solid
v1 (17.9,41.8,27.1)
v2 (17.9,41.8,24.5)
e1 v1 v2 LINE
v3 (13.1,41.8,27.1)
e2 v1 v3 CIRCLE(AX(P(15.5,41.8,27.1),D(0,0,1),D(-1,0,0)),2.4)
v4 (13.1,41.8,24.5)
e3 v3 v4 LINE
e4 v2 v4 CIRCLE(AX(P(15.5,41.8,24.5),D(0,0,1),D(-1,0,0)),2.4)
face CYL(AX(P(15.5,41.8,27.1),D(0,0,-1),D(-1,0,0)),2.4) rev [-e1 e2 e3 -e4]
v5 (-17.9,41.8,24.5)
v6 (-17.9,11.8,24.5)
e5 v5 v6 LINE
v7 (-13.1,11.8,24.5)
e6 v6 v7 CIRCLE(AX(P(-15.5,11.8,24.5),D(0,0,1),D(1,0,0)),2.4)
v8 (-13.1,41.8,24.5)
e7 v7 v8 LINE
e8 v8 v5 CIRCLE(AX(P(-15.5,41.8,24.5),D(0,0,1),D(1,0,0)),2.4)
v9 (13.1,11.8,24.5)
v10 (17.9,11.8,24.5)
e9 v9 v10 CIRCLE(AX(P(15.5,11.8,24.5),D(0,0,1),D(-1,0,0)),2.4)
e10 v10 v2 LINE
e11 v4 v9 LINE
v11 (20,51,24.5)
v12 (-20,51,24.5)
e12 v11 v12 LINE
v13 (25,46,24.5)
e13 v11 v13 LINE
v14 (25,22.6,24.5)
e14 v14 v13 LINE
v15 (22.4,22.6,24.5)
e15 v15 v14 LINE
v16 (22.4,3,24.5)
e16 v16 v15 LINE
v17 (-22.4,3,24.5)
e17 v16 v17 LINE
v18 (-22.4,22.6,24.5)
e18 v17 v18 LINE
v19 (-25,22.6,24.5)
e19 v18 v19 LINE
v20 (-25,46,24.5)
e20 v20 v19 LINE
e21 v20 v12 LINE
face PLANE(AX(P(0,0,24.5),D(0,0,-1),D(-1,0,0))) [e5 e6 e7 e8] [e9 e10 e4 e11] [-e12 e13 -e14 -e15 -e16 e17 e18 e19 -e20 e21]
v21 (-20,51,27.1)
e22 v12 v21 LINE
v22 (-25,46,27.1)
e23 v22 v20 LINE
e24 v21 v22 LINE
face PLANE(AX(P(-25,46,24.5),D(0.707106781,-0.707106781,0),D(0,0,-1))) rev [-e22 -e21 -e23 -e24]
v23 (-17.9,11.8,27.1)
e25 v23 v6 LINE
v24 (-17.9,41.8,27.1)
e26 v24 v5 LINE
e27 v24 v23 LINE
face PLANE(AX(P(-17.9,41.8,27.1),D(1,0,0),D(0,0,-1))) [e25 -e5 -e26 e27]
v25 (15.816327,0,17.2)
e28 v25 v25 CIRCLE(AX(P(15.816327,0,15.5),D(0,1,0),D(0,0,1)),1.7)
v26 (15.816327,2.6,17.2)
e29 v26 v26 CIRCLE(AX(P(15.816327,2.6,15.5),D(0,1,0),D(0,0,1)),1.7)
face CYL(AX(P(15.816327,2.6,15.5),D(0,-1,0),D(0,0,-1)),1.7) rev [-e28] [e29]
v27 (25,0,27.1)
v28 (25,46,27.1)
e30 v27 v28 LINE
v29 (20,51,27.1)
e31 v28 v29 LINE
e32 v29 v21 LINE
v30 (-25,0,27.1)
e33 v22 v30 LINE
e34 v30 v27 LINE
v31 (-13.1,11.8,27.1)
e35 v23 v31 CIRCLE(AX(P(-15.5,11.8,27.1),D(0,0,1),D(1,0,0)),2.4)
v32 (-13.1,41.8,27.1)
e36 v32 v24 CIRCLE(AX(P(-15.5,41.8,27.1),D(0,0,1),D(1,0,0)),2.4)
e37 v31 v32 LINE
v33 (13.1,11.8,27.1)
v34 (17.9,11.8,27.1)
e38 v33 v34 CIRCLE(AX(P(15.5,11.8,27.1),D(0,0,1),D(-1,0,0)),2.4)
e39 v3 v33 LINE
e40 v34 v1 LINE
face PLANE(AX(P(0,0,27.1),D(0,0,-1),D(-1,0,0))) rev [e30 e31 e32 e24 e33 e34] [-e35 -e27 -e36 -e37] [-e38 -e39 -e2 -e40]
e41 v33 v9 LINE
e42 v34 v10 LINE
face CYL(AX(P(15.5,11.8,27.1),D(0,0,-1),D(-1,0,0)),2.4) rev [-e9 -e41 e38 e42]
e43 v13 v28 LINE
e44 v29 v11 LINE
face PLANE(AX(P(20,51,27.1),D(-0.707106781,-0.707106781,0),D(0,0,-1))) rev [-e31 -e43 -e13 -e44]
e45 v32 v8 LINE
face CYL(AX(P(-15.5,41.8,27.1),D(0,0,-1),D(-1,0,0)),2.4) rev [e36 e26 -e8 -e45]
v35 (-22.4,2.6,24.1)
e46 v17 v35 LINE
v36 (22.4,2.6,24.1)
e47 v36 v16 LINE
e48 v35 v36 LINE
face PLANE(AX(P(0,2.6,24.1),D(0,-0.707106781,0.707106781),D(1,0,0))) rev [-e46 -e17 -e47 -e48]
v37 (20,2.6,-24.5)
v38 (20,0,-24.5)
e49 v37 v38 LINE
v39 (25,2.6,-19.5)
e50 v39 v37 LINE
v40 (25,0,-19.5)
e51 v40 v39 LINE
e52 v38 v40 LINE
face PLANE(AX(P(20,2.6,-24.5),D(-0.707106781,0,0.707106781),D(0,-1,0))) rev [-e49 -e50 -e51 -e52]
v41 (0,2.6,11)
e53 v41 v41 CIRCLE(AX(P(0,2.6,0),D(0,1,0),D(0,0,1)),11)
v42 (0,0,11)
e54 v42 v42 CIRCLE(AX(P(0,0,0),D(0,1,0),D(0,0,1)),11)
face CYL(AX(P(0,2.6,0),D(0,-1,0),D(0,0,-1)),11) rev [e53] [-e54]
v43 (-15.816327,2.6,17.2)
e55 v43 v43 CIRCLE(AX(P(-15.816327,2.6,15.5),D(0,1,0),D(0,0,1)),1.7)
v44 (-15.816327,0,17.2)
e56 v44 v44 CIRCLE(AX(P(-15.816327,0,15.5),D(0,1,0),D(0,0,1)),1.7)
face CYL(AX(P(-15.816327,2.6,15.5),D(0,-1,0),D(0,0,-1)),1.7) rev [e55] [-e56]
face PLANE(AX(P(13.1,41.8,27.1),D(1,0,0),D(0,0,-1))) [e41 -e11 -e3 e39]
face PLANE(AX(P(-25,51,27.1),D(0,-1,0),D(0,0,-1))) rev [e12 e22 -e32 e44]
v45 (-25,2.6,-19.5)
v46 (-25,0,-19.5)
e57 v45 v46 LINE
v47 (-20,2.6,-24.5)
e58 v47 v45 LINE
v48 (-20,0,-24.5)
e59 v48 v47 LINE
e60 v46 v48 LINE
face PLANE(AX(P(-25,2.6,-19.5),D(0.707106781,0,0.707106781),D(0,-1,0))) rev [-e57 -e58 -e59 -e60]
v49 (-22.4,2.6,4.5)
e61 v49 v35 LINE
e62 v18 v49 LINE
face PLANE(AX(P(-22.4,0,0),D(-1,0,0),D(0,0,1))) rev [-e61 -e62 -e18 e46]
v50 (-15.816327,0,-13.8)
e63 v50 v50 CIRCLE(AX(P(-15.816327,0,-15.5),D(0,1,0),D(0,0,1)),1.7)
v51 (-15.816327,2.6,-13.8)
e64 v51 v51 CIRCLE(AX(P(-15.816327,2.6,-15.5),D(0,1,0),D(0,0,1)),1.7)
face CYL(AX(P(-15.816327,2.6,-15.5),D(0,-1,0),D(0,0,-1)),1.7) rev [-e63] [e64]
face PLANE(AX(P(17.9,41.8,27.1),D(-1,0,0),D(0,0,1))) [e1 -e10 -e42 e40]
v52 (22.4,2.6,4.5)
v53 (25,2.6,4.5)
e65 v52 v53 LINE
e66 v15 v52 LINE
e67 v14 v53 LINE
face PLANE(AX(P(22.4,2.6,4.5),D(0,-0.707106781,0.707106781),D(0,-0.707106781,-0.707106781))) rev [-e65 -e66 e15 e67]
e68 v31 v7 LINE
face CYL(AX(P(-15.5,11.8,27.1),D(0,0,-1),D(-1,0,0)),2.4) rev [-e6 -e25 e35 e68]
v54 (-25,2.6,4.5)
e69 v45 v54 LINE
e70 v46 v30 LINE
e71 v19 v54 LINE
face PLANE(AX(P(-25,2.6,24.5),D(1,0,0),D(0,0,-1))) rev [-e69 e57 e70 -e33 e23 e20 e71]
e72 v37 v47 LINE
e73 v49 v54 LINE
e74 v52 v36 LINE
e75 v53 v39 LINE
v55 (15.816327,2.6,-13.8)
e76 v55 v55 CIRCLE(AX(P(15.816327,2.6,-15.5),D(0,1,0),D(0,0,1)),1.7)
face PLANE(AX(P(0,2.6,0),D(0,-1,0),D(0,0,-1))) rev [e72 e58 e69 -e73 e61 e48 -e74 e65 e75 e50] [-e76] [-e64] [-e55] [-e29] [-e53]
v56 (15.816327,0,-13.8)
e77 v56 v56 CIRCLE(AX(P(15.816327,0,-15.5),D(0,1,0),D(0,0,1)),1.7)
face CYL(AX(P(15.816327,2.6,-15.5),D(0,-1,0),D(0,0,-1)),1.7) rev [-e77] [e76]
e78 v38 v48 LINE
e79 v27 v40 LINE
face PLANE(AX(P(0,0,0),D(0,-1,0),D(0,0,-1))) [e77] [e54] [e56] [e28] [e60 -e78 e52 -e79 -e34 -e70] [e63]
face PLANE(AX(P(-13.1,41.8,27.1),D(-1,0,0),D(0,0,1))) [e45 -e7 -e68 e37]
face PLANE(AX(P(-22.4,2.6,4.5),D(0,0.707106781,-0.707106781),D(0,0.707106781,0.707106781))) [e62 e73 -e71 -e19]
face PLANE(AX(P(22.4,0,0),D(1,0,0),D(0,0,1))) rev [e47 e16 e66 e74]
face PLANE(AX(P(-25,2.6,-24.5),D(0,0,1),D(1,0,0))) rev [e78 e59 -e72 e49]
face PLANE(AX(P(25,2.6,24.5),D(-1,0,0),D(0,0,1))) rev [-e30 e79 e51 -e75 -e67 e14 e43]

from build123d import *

# Parameters (mm, degrees)
SKETCH1_W           = 50
SKETCH1_H           = 49
SKETCH1_R           = 1.7
SKETCH1_R_2         = 11
BOSS_EXTRUDE1_DEPTH = 2.6
SKETCH2_W           = 50
SKETCH2_H           = 51
BOSS_EXTRUDE2_DEPTH = 2.6
BOSS_EXTRUDE3_DEPTH = 2.6
CHAMFER1_SIZE       = 5
CHAMFER2_SIZE       = 0.4


with BuildPart() as part:
    # Sketch1 → Boss-Extrude1 (new body)
    with BuildSketch(Plane(origin=(0, 0, 0), x_dir=(1, 0, 0), z_dir=(0, 1, 0))):
        Rectangle(SKETCH1_W, SKETCH1_H)
        with Locations(Location((-15.816326531, 15.5, 0), (0, 0, 270))):
            Circle(SKETCH1_R, mode=Mode.SUBTRACT)
        with Locations(Location((15.816326531, 15.5, 0), (0, 0, 270))):
            Circle(SKETCH1_R, mode=Mode.SUBTRACT)
        with Locations(Location((-15.816326531, -15.5, 0), (0, 0, 270))):
            Circle(SKETCH1_R, mode=Mode.SUBTRACT)
        with Locations(Location((15.816326531, -15.5, 0), (0, 0, 270))):
            Circle(SKETCH1_R, mode=Mode.SUBTRACT)
        with Locations(Location((0, 0, 0), (0, 0, 270))):
            Circle(SKETCH1_R_2, mode=Mode.SUBTRACT)
    extrude(amount=BOSS_EXTRUDE1_DEPTH)

    # Sketch2 → Boss-Extrude2 (add)
    with BuildSketch(Plane.XY.offset(24.5)):
        with Locations((0, 25.5)):
            Rectangle(SKETCH2_W, SKETCH2_H)
        with BuildLine():
            Line((-13.1, 41.8), (-13.1, 11.8))
            ThreePointArc((-13.1, 11.8), (-15.5, 9.4), (-17.9, 11.8))
            Line((-17.9, 11.8), (-17.9, 41.8))
            ThreePointArc((-17.9, 41.8), (-15.5, 44.2), (-13.1, 41.8))
        make_face(mode=Mode.SUBTRACT)
        with BuildLine():
            Line((13.1, 41.8), (13.1, 11.8))
            ThreePointArc((13.1, 11.8), (15.5, 9.4), (17.9, 11.8))
            Line((17.9, 11.8), (17.9, 41.8))
            ThreePointArc((17.9, 41.8), (15.5, 44.2), (13.1, 41.8))
        make_face(mode=Mode.SUBTRACT)
    extrude(amount=BOSS_EXTRUDE2_DEPTH)

    # Sketch3 → Boss-Extrude3 (add)
    with BuildSketch(Plane.ZY.offset(25)):
        Polygon((4.5, 2.6), (24.5, 22.6), (24.5, 2.6), align=None)
    boss_extrude3 = extrude(amount=-BOSS_EXTRUDE3_DEPTH)

    # Mirror1: Boss-Extrude3 across plane
    add(boss_extrude3.mirror(Plane(origin=(0, 0, 0), x_dir=(0, 0, 1), z_dir=(1, 0, 0))))

    # Chamfer1
    chamfer1_edges = [part.edges().sort_by_distance(p)[0] for p in [
        (-25, 51, 25.8),
        (25, 51, 25.8),
        (-25, 1.3, -24.5),
        (25, 1.3, -24.5),
    ]]
    chamfer(chamfer1_edges, length=CHAMFER1_SIZE)

    # Chamfer2
    chamfer2_edges = [part.edges().sort_by_distance(p)[0] for p in [
        (0, 2.6, 24.5),
    ]]
    chamfer(chamfer2_edges, length=CHAMFER2_SIZE)


solid = part.part
